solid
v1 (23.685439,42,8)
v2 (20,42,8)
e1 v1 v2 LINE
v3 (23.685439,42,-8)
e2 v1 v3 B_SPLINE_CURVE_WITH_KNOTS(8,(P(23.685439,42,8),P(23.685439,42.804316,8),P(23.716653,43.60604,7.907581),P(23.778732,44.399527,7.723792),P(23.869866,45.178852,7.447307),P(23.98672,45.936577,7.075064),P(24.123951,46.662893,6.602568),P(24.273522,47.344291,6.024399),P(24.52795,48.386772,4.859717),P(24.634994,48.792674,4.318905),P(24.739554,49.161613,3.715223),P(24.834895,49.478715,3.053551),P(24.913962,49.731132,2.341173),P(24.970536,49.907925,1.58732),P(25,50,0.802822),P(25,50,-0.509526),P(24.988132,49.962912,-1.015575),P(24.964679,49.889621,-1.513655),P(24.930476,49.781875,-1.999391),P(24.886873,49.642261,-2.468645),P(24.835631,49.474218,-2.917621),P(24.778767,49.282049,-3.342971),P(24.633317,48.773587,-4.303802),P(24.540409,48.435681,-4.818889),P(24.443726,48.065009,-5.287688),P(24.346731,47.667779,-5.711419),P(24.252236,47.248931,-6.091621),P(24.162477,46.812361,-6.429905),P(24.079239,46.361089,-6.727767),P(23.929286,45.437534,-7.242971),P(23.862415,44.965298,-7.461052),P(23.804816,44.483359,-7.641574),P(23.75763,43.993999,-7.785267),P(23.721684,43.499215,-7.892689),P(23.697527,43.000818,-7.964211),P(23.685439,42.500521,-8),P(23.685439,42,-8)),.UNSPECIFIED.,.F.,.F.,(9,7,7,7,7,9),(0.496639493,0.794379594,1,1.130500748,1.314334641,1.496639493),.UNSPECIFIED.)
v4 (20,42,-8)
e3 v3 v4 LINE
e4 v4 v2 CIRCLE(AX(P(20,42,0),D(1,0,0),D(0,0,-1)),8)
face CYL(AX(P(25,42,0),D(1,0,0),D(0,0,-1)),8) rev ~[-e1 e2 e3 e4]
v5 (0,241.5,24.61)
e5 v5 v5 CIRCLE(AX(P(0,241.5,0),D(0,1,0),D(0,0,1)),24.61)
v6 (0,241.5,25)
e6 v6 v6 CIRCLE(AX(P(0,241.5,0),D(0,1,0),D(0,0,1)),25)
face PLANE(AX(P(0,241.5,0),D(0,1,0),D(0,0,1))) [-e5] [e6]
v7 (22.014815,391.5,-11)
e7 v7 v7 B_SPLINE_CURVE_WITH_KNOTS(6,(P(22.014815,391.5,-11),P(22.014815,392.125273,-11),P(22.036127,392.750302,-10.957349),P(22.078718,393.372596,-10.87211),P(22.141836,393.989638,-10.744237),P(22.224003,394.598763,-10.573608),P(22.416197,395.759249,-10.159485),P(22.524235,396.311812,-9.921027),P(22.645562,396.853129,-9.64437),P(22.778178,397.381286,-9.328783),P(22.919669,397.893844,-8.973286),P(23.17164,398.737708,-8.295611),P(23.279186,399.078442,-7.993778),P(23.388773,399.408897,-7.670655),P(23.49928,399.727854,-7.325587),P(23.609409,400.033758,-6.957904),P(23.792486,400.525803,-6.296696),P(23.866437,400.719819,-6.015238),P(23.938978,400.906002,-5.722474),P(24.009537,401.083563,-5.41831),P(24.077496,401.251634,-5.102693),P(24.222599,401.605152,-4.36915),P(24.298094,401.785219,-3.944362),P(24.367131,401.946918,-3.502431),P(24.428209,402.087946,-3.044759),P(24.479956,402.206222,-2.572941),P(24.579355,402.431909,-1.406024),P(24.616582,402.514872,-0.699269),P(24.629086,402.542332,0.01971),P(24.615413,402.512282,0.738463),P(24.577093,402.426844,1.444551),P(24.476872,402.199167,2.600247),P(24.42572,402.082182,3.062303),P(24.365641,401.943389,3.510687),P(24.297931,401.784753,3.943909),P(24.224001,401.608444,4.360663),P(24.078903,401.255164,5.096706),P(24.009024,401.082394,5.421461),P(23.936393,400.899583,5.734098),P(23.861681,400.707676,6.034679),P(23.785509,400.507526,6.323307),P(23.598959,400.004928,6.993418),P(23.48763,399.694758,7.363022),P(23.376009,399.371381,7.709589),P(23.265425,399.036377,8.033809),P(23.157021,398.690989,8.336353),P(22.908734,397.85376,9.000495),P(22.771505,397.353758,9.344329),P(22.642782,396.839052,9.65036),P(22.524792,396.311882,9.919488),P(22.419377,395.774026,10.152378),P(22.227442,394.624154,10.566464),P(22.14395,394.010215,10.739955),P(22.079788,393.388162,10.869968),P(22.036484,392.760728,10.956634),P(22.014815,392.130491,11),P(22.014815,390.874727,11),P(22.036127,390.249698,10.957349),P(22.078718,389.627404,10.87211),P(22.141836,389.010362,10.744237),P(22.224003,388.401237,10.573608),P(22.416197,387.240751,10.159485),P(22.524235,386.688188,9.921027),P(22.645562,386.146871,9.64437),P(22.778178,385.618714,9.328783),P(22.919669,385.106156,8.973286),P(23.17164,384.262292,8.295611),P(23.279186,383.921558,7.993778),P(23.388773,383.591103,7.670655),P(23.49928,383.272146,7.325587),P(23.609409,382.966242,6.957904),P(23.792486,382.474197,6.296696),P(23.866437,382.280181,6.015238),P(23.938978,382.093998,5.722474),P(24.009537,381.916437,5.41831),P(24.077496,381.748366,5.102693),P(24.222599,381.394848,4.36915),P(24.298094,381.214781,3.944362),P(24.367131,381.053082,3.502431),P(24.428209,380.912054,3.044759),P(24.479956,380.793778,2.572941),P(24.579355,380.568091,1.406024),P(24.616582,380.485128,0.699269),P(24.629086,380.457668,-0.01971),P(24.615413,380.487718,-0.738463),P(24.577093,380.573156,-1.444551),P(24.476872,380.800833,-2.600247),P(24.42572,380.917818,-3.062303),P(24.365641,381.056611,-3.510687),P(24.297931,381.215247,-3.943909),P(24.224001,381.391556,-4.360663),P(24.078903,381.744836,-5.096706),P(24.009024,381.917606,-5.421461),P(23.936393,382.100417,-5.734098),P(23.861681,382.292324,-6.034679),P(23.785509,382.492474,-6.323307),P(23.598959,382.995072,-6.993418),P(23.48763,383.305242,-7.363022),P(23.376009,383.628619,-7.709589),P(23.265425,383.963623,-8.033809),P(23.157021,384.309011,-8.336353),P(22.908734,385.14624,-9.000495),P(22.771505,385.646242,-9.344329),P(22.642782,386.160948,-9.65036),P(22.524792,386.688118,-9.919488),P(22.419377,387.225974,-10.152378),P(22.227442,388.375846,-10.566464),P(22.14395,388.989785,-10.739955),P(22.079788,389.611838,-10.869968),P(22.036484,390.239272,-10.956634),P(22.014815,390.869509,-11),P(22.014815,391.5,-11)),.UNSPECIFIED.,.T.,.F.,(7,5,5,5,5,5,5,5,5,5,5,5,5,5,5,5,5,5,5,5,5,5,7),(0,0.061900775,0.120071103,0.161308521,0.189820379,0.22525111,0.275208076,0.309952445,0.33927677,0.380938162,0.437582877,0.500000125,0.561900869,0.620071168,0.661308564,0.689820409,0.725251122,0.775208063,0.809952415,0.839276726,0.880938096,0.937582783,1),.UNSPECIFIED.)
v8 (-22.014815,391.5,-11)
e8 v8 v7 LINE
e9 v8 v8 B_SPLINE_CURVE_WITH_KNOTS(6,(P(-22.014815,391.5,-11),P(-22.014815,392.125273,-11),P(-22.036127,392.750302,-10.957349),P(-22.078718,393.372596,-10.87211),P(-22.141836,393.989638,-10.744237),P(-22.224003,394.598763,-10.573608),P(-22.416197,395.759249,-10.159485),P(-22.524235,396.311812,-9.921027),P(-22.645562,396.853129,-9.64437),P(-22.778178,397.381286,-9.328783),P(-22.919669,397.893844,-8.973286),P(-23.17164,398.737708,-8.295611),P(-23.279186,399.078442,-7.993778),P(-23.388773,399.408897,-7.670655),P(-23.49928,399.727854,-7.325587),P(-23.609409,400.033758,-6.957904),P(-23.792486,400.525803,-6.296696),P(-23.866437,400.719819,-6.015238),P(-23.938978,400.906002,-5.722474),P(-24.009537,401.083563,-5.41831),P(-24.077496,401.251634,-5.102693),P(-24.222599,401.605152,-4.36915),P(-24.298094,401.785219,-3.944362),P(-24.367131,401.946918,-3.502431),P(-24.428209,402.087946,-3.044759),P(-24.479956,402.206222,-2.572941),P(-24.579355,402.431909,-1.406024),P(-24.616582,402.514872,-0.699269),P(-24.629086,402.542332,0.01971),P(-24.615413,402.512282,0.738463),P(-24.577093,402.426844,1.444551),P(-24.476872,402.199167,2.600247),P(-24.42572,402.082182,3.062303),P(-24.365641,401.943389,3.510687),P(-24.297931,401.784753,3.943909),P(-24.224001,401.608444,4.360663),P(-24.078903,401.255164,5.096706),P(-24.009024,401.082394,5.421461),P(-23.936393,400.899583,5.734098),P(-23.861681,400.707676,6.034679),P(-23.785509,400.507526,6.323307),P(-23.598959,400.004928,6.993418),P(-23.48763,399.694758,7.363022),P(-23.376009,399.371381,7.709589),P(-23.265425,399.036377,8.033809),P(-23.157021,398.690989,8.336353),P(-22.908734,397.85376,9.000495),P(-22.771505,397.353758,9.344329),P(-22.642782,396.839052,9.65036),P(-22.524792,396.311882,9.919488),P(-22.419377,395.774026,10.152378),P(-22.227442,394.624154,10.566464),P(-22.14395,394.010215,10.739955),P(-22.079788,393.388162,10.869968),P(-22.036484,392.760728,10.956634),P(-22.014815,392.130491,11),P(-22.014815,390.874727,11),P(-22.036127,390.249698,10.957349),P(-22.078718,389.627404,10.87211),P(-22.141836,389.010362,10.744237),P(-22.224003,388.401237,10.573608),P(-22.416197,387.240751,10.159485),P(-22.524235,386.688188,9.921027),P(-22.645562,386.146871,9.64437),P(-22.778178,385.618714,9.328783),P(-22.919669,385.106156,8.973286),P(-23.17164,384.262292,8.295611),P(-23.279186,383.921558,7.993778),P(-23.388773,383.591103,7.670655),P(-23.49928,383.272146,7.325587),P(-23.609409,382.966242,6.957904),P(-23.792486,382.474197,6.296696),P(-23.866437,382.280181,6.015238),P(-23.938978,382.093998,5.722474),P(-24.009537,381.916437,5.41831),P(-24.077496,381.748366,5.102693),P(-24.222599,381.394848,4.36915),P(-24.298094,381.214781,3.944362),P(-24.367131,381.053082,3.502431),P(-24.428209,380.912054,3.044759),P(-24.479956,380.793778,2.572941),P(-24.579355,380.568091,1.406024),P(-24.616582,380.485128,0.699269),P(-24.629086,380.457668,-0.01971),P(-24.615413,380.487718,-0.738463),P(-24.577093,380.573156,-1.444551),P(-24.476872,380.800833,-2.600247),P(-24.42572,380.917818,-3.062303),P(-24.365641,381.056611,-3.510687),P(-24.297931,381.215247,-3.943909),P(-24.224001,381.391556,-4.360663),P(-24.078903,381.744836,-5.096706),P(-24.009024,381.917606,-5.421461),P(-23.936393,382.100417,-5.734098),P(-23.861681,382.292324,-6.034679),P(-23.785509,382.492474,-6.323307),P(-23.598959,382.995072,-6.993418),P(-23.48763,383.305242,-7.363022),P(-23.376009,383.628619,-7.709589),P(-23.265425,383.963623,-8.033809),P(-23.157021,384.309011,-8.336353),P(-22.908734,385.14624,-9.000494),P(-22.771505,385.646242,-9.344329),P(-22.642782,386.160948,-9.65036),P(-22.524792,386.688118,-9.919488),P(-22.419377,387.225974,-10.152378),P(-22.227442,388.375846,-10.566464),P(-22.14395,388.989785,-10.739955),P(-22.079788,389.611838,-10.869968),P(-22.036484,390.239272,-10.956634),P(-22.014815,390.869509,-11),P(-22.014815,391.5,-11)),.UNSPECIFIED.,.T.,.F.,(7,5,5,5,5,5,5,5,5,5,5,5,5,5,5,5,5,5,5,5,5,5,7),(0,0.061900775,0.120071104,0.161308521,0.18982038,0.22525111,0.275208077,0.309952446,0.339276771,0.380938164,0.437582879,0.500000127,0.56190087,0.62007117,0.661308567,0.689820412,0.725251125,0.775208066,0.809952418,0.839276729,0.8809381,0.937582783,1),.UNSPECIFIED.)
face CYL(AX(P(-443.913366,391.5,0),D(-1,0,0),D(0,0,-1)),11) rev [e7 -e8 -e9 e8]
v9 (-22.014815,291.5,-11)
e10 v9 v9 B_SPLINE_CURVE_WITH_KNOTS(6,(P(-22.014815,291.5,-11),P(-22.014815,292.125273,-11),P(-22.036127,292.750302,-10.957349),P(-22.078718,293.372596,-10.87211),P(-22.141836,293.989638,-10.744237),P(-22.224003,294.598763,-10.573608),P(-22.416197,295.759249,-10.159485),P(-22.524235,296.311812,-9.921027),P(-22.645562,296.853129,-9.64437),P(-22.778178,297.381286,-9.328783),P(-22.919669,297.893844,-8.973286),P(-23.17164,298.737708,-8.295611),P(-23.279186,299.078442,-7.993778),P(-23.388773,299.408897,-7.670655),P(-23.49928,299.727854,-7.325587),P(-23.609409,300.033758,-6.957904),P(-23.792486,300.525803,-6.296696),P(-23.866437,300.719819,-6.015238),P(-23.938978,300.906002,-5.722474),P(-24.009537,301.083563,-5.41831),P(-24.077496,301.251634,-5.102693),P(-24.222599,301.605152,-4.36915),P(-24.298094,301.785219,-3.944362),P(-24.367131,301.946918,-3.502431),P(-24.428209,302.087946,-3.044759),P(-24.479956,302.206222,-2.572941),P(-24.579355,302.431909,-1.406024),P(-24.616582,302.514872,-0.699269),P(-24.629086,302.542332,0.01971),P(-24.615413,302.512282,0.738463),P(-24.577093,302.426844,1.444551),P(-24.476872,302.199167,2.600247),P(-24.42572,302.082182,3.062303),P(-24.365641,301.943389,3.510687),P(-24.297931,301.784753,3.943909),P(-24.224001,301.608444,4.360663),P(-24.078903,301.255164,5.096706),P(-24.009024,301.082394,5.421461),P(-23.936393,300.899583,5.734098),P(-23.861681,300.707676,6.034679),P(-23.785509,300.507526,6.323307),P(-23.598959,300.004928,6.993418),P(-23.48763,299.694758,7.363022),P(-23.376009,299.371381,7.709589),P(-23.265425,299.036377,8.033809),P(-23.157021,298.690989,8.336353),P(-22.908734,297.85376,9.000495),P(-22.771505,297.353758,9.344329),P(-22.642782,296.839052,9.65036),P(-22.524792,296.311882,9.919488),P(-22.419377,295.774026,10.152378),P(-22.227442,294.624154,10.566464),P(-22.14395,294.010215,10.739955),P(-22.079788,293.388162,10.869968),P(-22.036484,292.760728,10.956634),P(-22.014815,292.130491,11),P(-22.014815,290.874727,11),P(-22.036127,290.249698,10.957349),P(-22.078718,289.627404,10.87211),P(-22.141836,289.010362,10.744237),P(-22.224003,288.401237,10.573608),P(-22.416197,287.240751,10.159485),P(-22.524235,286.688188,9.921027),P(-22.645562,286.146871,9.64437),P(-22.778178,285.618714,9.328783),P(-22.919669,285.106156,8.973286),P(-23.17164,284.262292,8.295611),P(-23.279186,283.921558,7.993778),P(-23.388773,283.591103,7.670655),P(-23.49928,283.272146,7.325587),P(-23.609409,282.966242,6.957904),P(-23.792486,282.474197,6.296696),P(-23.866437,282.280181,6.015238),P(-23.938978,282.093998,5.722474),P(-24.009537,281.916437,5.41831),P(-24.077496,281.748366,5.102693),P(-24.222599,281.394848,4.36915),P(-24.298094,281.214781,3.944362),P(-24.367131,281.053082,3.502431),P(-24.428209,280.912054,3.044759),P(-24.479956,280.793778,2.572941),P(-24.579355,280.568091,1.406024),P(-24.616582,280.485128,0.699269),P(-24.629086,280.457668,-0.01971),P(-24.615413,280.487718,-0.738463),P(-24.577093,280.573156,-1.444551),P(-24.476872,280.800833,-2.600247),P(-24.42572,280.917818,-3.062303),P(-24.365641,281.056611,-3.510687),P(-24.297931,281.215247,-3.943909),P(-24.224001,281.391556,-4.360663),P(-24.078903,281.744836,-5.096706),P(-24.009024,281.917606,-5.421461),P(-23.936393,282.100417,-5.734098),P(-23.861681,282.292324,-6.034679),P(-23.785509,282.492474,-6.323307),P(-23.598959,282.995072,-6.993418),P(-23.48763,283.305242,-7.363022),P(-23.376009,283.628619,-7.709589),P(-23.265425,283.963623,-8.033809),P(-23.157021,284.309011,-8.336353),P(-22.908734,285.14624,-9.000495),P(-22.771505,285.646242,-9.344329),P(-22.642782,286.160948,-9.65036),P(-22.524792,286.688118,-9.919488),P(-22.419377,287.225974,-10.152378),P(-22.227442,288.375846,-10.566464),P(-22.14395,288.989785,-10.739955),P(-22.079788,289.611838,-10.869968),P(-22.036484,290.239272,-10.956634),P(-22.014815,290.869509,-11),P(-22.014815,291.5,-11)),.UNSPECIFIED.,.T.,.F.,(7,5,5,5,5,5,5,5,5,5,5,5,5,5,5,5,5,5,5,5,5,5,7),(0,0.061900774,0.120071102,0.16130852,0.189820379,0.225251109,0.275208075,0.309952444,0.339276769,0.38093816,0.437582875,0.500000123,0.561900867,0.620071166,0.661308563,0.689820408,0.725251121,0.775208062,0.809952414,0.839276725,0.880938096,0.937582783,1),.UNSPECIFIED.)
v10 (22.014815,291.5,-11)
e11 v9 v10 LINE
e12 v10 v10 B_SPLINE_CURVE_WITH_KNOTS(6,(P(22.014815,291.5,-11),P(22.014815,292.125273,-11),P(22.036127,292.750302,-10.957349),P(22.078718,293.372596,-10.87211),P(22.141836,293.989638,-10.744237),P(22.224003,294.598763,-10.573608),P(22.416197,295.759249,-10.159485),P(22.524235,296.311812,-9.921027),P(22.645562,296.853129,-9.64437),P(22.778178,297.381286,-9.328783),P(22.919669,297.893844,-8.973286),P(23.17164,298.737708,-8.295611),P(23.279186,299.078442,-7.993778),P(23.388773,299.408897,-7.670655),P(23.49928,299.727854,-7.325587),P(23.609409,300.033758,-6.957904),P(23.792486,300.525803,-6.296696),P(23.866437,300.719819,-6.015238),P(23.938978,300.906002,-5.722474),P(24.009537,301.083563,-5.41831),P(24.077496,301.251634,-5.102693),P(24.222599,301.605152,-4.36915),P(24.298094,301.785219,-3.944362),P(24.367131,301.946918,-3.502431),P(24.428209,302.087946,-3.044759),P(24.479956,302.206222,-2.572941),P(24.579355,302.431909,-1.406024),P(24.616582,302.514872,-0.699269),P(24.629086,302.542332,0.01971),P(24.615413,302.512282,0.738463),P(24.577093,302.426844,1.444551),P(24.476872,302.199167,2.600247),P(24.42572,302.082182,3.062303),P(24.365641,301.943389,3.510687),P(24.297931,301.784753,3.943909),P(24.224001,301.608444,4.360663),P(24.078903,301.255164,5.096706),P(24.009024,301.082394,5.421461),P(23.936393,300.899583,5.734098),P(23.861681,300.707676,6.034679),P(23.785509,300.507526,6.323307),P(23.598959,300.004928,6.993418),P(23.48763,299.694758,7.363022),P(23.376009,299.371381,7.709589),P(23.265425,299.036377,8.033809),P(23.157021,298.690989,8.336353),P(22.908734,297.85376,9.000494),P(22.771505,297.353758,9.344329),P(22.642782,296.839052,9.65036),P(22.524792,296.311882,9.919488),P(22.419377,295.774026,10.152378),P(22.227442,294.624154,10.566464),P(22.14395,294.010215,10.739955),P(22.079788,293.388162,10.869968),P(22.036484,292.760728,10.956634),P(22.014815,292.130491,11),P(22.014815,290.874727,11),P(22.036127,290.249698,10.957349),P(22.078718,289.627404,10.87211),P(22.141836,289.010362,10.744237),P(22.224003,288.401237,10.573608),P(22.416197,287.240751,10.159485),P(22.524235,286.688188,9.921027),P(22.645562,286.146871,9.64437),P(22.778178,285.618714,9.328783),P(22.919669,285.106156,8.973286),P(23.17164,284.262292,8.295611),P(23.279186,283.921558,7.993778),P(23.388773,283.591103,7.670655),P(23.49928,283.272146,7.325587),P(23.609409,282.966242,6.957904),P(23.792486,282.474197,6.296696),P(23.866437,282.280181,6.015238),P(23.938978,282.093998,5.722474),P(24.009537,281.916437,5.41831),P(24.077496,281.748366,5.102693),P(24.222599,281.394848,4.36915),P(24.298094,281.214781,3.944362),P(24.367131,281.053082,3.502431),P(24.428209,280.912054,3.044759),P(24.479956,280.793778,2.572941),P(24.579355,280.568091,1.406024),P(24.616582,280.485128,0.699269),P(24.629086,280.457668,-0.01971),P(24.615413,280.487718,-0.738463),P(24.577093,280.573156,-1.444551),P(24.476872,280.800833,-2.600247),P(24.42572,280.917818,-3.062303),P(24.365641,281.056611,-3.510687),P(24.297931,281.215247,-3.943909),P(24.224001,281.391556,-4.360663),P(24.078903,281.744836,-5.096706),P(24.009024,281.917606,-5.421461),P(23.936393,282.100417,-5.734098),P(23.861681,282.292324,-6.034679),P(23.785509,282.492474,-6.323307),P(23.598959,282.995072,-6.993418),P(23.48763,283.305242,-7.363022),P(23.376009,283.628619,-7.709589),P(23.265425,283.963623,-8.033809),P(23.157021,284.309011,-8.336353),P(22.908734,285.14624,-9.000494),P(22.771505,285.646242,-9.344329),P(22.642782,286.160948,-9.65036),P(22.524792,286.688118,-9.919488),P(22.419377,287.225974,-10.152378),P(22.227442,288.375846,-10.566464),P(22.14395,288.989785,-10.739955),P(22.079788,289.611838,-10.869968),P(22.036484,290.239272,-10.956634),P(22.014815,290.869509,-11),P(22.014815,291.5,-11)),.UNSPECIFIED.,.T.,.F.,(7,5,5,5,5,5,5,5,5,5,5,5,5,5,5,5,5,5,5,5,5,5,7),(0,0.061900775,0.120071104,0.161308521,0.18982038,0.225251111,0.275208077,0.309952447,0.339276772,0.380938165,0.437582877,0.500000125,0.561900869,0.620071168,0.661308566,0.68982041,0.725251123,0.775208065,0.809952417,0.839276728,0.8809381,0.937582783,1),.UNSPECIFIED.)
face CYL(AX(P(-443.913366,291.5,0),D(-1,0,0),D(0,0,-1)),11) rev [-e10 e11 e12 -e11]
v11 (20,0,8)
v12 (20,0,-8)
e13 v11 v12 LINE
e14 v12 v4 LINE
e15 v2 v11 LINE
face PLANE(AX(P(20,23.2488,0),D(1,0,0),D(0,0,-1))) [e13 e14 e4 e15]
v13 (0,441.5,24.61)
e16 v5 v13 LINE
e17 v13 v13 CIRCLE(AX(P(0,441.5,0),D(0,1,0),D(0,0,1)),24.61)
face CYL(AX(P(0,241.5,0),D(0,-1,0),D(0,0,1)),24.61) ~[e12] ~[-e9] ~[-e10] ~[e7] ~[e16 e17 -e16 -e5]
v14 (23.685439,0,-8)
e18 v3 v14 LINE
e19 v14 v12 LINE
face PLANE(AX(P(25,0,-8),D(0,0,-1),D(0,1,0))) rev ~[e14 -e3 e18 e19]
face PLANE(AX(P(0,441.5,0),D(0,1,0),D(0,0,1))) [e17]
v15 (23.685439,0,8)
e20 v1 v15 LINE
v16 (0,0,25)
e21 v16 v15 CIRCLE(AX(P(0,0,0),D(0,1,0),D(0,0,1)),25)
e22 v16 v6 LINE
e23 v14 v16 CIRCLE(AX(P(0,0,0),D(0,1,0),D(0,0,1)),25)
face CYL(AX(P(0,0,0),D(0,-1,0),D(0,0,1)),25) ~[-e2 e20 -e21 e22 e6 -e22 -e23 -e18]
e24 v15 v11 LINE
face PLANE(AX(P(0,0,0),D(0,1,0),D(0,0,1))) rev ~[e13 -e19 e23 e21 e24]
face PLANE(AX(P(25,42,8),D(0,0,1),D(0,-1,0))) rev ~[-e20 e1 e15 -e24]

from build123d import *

# Parameters (mm, degrees)
SKETCH1_R               = 25
BOSS_EXTRUDE1_DEPTH     = 241.5
SKETCH2_R               = 24.61
BOSS_EXTRUDE2_DEPTH     = 200
CUT_EXTRUDE1_DEPTH      = 5
CUT_EXTRUDE2_DEPTH      = 443.913366258
CUT_EXTRUDE2_DEPTH_BACK = 443.913366258
SKETCH4_R               = 11


with BuildPart() as part:
    # Sketch1 → Boss-Extrude1 (new body)
    with BuildSketch(Plane(origin=(0, 0, 0), x_dir=(1, 0, 0), z_dir=(0, 1, 0))):
        with Locations(Location((0, 0, 0), (0, 0, 270))):
            Circle(SKETCH1_R)
    extrude(amount=BOSS_EXTRUDE1_DEPTH)

    # Sketch2 → Boss-Extrude2 (add)
    with BuildSketch(Plane(origin=(0, 241.5, 0), x_dir=(1, 0, 0), z_dir=(0, 1, 0))):
        with Locations(Location((0, 0, 0), (0, 0, 270))):
            Circle(SKETCH2_R)
    extrude(amount=BOSS_EXTRUDE2_DEPTH)

    # Sketch3 → Cut-Extrude1 (cut)
    with BuildSketch(Plane(origin=(25, 0, 0), x_dir=(0, 0, -1), z_dir=(1, 0, 0))):
        with BuildLine():
            Line((-8, 42), (-8, 0))
            Line((-8, 0), (8, 0))
            Line((8, 0), (8, 42))
            ThreePointArc((8, 42), (0, 50), (-8, 42))
        make_face()
    extrude(amount=-CUT_EXTRUDE1_DEPTH, mode=Mode.SUBTRACT)

    # Sketch4 → Cut-Extrude2 (cut, two sides: drawn at the far end of the back side and taken through both)
    with BuildSketch(Plane(origin=(0, 0, 0), x_dir=(0, 0, -1), z_dir=(1, 0, 0)).offset(-CUT_EXTRUDE2_DEPTH_BACK)):
        with Locations((0, 291.5)):
            Circle(SKETCH4_R)
        with Locations((0, 391.5)):
            Circle(SKETCH4_R)
    extrude(amount=CUT_EXTRUDE2_DEPTH + CUT_EXTRUDE2_DEPTH_BACK, mode=Mode.SUBTRACT)


solid = part.part
